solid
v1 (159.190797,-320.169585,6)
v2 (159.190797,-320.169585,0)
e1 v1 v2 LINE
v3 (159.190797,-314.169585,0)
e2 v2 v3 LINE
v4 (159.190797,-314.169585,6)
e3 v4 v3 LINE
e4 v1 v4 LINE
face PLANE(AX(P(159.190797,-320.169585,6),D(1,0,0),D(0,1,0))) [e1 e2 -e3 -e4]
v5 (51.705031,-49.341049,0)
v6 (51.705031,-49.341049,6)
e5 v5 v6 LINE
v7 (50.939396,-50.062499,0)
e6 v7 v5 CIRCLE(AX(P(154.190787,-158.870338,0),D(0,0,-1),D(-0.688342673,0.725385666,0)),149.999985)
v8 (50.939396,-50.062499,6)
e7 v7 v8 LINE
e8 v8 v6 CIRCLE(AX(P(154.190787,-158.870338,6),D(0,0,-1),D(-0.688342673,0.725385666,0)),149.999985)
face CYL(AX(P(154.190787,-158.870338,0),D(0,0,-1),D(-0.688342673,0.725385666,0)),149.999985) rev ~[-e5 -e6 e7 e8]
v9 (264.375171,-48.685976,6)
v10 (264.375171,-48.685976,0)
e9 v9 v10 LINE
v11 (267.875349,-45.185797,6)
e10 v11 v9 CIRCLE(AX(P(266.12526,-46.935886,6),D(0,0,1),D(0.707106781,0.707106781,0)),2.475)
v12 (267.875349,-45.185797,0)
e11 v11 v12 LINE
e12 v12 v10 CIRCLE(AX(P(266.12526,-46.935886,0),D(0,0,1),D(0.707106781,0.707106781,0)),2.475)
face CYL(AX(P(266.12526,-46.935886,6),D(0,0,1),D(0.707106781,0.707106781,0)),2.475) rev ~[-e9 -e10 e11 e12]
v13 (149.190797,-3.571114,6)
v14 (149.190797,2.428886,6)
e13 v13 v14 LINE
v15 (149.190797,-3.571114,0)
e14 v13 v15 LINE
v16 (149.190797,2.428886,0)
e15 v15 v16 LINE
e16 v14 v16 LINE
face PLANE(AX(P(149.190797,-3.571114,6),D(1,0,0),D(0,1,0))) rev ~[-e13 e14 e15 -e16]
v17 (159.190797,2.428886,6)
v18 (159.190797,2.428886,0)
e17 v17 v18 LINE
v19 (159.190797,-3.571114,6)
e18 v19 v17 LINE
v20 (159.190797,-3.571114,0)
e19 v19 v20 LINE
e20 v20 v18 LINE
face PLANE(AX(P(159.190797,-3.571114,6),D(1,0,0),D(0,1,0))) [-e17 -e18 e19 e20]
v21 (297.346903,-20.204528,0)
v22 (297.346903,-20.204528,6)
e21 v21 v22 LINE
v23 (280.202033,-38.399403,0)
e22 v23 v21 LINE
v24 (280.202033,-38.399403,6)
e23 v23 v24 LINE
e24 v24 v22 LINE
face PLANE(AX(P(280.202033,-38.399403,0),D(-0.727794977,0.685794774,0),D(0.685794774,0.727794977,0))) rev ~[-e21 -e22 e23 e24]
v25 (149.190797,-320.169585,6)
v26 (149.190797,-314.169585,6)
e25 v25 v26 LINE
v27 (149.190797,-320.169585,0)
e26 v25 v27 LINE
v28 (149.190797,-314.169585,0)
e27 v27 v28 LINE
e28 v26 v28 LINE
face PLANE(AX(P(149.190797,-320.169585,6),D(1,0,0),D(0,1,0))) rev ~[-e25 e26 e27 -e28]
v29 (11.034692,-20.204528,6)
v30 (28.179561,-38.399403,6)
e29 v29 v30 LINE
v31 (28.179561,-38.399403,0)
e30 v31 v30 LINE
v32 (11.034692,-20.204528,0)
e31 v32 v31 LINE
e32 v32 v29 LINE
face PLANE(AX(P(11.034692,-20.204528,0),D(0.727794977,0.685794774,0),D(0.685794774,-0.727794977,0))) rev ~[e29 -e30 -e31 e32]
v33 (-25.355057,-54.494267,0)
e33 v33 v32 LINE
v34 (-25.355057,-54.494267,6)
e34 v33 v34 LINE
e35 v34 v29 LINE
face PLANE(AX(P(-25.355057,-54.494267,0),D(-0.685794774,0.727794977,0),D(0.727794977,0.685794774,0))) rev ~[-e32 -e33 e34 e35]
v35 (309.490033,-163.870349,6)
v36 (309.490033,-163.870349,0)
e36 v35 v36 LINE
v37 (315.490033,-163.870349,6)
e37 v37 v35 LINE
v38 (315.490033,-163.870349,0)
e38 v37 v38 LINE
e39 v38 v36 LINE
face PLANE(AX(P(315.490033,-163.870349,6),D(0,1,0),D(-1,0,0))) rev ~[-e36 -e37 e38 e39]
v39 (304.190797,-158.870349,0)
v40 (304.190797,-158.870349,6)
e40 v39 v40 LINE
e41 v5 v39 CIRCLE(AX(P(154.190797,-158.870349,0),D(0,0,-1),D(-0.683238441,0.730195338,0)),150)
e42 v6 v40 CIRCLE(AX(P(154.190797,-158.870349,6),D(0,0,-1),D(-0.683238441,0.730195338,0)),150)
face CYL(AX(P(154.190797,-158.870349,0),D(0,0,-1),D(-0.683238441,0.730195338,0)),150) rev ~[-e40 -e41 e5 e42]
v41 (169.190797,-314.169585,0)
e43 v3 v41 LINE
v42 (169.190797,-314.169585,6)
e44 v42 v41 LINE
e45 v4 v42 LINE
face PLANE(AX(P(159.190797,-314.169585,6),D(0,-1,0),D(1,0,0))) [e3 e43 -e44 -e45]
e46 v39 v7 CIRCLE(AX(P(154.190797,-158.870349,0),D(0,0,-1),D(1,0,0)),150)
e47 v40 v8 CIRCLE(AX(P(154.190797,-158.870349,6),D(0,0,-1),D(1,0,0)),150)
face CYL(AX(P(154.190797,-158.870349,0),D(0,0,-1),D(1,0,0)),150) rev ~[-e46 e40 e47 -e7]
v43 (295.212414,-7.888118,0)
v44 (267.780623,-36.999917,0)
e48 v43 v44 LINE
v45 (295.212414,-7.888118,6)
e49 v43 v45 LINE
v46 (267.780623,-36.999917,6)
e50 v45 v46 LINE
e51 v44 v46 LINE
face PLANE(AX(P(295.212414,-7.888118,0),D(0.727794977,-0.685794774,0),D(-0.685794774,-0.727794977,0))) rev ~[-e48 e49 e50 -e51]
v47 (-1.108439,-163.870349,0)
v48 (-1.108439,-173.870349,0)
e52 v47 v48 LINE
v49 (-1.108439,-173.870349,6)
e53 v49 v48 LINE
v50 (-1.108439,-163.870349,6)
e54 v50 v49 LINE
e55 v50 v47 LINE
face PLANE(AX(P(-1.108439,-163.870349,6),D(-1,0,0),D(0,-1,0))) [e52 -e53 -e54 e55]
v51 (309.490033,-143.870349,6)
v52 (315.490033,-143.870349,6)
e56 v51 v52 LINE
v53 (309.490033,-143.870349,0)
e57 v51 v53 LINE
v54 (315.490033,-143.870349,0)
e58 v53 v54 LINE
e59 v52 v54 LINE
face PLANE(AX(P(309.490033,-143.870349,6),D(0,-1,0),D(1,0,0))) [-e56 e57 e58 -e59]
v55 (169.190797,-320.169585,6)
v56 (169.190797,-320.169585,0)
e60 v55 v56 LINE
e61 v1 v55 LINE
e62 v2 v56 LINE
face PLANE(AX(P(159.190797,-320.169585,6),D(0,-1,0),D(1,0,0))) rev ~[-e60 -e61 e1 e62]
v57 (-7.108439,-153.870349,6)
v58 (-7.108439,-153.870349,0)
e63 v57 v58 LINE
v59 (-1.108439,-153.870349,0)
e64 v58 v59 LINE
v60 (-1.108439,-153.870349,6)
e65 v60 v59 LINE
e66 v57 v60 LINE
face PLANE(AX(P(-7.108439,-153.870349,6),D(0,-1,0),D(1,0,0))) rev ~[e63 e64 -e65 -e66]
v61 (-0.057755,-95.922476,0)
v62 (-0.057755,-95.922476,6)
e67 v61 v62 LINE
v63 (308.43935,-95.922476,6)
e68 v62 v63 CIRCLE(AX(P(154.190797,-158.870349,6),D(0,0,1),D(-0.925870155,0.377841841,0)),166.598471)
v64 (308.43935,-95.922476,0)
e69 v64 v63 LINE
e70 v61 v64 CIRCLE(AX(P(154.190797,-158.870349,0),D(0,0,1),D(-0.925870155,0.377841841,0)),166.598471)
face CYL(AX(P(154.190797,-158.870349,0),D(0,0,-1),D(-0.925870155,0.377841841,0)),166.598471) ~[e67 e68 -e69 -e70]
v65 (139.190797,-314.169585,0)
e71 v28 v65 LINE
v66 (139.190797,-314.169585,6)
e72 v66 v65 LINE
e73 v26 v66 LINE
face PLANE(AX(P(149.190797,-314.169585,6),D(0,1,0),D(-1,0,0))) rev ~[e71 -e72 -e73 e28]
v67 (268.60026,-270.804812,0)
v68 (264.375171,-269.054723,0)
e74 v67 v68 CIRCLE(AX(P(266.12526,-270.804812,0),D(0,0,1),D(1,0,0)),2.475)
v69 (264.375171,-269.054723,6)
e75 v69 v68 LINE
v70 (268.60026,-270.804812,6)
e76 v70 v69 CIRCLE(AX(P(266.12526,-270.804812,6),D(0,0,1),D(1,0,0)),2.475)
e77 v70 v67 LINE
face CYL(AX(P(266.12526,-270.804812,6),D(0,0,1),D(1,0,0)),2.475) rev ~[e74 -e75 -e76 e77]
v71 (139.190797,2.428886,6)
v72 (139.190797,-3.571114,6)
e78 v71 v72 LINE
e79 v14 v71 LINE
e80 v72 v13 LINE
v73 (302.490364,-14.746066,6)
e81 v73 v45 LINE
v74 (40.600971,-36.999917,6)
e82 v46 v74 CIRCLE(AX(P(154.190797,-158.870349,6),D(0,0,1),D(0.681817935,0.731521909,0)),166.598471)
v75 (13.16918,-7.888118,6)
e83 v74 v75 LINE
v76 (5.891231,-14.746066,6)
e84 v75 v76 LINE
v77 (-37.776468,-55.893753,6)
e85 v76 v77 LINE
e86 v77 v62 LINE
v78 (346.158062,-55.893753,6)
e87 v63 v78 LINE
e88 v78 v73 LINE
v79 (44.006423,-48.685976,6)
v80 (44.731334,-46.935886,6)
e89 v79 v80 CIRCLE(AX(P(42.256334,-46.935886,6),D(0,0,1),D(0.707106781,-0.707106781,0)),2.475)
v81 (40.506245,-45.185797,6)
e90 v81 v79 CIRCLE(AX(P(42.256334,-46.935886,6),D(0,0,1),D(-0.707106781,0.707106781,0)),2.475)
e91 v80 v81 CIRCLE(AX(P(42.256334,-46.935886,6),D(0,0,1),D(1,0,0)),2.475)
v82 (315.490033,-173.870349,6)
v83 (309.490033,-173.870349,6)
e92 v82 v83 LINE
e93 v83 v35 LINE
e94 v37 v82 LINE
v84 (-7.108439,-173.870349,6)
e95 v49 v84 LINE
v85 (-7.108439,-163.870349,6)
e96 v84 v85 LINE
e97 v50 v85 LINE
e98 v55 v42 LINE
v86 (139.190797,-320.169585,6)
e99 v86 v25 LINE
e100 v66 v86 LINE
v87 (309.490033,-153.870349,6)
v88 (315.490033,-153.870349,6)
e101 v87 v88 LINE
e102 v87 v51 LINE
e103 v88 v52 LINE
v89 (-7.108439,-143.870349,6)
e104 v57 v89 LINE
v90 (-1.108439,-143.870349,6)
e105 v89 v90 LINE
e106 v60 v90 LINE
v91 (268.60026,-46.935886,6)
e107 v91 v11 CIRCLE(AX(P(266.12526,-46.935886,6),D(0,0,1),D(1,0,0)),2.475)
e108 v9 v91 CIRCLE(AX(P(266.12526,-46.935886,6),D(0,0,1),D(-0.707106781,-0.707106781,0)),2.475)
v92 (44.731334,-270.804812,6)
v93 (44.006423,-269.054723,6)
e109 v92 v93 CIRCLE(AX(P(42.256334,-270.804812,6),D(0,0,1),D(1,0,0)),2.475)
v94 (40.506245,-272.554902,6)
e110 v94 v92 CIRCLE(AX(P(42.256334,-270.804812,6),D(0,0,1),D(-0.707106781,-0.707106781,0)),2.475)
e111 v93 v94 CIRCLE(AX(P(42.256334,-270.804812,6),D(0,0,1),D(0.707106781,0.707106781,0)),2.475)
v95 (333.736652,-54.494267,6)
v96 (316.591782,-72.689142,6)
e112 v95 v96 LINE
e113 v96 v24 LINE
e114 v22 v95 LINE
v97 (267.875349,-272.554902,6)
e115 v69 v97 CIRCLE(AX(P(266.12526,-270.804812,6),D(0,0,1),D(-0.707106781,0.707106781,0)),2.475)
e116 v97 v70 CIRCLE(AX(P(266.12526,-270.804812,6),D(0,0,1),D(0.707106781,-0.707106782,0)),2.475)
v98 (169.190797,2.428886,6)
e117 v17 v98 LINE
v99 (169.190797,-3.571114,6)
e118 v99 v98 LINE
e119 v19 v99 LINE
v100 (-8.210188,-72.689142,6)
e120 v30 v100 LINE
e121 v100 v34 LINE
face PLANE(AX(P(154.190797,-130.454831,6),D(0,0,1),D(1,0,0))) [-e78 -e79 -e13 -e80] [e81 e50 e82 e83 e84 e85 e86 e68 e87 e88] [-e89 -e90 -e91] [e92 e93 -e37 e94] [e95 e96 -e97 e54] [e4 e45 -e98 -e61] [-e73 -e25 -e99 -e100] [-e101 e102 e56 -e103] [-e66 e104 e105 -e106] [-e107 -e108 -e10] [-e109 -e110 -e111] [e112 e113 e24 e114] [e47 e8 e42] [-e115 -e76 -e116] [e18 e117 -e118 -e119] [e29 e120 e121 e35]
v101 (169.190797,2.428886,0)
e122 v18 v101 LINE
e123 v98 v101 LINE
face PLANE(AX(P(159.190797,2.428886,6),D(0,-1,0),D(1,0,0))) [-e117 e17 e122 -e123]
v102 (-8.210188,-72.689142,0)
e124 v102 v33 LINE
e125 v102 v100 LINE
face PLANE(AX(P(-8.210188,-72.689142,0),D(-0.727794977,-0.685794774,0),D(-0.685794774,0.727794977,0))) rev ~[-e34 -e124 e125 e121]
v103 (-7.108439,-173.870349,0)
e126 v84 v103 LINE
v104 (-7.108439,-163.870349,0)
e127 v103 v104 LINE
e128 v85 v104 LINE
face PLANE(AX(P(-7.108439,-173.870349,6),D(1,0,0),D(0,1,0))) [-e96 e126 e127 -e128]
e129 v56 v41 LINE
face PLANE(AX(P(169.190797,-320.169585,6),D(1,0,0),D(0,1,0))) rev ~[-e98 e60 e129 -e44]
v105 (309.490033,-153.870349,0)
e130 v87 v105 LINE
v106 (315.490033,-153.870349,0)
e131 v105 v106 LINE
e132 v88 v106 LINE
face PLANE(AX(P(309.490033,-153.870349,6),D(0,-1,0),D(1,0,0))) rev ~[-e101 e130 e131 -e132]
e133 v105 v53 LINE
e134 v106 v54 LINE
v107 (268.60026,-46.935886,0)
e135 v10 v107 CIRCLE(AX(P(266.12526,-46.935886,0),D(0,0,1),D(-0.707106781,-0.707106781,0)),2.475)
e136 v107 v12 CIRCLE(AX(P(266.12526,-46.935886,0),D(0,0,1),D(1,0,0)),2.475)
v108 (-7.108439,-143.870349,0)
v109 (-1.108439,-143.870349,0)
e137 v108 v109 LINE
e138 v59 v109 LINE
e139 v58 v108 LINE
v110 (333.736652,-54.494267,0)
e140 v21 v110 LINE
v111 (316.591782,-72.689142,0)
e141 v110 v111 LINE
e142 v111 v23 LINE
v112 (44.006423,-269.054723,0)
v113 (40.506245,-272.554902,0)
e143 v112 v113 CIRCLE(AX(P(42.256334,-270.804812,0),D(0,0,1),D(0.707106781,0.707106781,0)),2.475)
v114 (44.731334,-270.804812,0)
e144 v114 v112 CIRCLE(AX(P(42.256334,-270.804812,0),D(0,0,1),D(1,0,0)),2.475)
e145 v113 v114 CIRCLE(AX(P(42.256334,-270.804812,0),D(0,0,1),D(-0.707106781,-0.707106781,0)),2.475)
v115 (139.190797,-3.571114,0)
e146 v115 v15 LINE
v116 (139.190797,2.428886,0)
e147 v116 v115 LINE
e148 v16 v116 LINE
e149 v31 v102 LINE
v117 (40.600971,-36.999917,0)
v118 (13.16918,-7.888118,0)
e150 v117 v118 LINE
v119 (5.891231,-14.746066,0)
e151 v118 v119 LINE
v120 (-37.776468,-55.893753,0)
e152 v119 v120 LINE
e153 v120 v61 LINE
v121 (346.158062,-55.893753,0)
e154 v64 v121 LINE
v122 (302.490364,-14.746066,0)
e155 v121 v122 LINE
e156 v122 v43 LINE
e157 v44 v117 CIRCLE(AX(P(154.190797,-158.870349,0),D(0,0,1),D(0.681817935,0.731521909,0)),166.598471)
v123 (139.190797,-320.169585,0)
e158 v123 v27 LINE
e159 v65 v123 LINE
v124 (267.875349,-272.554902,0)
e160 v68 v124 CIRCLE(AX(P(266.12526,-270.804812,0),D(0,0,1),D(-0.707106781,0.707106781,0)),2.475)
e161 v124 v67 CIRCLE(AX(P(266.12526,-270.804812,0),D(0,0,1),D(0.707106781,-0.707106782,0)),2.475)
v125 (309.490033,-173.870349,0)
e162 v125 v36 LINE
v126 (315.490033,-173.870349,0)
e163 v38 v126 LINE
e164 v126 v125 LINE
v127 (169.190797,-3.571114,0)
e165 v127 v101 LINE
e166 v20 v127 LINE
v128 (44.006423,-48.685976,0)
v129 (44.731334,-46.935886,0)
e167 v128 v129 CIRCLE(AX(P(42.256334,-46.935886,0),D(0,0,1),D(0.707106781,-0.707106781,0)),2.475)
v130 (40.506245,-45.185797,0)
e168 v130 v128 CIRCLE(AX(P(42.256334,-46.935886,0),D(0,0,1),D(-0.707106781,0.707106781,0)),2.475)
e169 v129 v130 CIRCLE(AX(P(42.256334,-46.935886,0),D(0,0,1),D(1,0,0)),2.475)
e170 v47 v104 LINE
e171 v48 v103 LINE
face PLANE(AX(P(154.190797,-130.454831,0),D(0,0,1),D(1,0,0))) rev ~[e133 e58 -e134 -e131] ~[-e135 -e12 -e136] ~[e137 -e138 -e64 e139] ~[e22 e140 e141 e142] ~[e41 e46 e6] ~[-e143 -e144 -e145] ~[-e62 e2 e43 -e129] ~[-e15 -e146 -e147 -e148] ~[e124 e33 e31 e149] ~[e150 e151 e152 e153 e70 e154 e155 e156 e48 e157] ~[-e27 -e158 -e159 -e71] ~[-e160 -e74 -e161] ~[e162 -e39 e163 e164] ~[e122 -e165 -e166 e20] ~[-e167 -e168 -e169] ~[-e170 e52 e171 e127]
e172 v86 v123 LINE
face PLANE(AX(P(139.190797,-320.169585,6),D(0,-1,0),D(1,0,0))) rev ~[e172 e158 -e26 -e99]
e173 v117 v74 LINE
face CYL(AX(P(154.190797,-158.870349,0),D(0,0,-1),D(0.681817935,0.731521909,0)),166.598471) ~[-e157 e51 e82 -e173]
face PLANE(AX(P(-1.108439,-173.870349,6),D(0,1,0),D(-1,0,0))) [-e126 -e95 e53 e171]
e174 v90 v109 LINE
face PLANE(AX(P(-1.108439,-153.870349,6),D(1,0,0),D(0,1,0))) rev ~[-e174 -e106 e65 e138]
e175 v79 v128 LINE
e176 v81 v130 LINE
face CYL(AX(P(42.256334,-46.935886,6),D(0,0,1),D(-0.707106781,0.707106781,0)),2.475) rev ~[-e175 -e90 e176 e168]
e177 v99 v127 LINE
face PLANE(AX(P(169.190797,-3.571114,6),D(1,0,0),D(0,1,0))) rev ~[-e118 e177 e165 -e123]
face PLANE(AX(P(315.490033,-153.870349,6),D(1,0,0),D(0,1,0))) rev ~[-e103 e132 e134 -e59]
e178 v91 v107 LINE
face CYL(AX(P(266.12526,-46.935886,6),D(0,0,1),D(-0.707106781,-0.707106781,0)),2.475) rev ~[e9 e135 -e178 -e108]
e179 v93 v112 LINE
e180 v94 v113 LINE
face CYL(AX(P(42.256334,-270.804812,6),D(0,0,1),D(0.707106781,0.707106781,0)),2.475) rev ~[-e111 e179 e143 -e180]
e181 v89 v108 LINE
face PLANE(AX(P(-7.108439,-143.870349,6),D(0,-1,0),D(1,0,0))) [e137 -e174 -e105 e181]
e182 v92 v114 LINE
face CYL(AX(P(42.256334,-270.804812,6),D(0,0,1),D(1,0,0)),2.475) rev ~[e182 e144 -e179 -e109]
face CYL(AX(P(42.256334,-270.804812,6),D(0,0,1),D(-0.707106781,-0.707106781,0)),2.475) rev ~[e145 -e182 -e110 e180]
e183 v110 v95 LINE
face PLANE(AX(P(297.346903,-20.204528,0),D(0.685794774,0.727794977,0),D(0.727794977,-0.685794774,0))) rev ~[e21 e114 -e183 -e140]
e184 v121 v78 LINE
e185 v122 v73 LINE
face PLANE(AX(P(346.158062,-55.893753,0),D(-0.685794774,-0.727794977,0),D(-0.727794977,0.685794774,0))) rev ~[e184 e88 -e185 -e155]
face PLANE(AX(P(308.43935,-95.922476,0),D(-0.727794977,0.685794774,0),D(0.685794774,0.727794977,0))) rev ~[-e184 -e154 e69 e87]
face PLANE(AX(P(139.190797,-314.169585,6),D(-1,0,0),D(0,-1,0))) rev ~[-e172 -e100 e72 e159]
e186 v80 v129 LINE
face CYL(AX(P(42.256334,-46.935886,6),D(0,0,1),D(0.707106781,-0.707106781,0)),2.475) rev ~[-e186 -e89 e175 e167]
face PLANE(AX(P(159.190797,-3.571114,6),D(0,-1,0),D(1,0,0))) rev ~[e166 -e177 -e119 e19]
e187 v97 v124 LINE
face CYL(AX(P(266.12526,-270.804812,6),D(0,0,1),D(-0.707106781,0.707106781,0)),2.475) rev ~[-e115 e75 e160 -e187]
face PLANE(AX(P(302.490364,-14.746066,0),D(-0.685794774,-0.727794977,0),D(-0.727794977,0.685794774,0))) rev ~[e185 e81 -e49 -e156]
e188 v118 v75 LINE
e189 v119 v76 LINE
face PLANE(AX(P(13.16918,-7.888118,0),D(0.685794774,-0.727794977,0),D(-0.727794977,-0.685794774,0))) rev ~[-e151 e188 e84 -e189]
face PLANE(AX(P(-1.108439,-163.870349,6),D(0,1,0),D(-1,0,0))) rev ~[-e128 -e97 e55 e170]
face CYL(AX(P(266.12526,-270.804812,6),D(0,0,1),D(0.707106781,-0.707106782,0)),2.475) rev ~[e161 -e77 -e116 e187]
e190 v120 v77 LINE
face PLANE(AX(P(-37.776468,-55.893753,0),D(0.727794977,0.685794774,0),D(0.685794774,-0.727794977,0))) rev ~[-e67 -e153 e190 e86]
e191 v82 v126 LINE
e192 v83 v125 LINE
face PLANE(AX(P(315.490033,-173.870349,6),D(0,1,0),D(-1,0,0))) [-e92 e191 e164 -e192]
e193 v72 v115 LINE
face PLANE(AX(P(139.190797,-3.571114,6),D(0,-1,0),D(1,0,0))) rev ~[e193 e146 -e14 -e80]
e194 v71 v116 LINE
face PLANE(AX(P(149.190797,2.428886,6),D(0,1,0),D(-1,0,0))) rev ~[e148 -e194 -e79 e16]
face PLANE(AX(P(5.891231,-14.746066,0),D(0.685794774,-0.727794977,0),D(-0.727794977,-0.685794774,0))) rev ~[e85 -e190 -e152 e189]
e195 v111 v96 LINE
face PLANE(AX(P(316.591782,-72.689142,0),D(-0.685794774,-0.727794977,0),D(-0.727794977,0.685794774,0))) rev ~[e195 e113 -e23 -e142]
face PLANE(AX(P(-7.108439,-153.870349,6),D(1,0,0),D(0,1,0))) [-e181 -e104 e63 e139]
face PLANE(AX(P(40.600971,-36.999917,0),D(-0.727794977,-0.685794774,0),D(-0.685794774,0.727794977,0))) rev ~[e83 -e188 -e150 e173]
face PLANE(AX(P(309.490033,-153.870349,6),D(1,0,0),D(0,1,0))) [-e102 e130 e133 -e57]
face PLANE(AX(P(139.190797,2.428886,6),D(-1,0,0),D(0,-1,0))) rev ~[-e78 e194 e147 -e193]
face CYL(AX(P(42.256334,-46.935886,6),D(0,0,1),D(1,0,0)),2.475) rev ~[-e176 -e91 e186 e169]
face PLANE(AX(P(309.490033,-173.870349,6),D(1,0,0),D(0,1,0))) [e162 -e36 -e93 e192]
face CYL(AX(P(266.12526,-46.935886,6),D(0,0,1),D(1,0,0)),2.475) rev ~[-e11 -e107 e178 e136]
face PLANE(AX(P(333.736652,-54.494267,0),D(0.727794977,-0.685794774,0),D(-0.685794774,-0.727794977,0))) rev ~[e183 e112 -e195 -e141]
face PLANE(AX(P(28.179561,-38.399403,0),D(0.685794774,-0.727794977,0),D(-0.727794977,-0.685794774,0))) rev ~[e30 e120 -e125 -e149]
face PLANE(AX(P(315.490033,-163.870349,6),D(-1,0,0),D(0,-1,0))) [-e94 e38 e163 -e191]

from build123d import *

# Parameters (mm, degrees)
SALIENTE_EXTRUIR1_DEPTH = 6
CROQUIS2_W              = 10
CROQUIS2_H              = 6
CROQUIS2_W_2            = 6
CROQUIS2_H_2            = 10
CORTAR_EXTRUIR1_DEPTH   = 10


with BuildPart() as part:
    # Croquis1 → Saliente-Extruir1 (new body)
    with BuildSketch(Plane.XY):
        with BuildLine():
            ThreePointArc((267.780622857, -36.999917491), (154.190797134, 7.728122029), (40.600971411, -36.999917491))
            Line((40.600971411, -36.999917491), (13.169180469, -7.88811841))
            Line((13.169180469, -7.88811841), (5.891230699, -14.746066146))
            Line((5.891230699, -14.746066146), (-37.776467922, -55.893752559))
            Line((-37.776467922, -55.893752559), (-0.057755376, -95.922476295))
            ThreePointArc((-0.057755376, -95.922476295), (154.190797134, -325.468820804), (308.439349644, -95.922476295))
            Line((308.439349644, -95.922476295), (346.15806219, -55.893752559))
            Line((346.15806219, -55.893752559), (302.490363569, -14.746066146))
            Line((302.490363569, -14.746066146), (295.212413799, -7.88811841))
            Line((295.212413799, -7.88811841), (267.780622857, -36.999917491))
        make_face()
        with BuildLine():
            ThreePointArc((50.939396199, -50.062499464), (51.321581101, -49.701102835), (51.705030941, -49.341048614))
            ThreePointArc((51.705030941, -49.341048614), (213.886421224, -21.26063874), (304.190797134, -158.870349387))
            ThreePointArc((304.190797134, -158.870349387), (94.978087942, -296.688545102), (50.939396199, -50.062499464))
        make_face(mode=Mode.SUBTRACT)
        Polygon((-25.35505735, -54.494267151), (11.034691501, -20.204528474), (28.17956084, -38.399402899), (-8.210188011, -72.689141577), align=None, mode=Mode.SUBTRACT)
        Polygon((316.591782279, -72.689141577), (280.202033428, -38.399402899), (297.346902767, -20.204528474), (333.736651618, -54.494267151), align=None, mode=Mode.SUBTRACT)
    extrude(amount=SALIENTE_EXTRUIR1_DEPTH)

    # Croquis2 → Cortar-Extruir1 (cut)
    with BuildSketch(Plane.XY.offset(6)):
        Polygon((139.190797134, -3.571113679), (149.190797134, -3.571113679), (149.190797134, -0.571113679), (149.190797134, 2.428886321), (139.190797134, 2.428886321), align=None)
        with Locations((164.190797134, -0.571113679)):
            Rectangle(CROQUIS2_W, CROQUIS2_H)
        with Locations((312.490032842, -148.870349387)):
            Rectangle(CROQUIS2_W_2, CROQUIS2_H_2)
        Polygon((312.490032842, -163.870349387), (315.490032842, -163.870349387), (315.490032842, -173.870349387), (309.490032842, -173.870349387), (309.490032842, -163.870349387), align=None)
        with Locations((164.190797134, -317.169585095)):
            Rectangle(CROQUIS2_W, CROQUIS2_H)
        Polygon((149.190797134, -317.169585095), (149.190797134, -314.169585095), (139.190797134, -314.169585095), (139.190797134, -320.169585095), (149.190797134, -320.169585095), align=None)
        with Locations((-4.108438574, -148.870349387)):
            Rectangle(CROQUIS2_W_2, CROQUIS2_H_2)
        Polygon((-7.108438574, -173.870349387), (-7.108438574, -163.870349387), (-4.108438574, -163.870349387), (-1.108438574, -163.870349387), (-1.108438574, -173.870349387), align=None)
        with BuildLine():
            ThreePointArc((40.506244825, -45.185797078), (40.506244825, -48.685975645), (44.006423391, -48.685975645))
            Line((44.006423391, -48.685975645), (40.506244825, -45.185797078))
        make_face()
        with BuildLine():
            Line((40.506244825, -45.185797078), (44.006423391, -48.685975645))
            ThreePointArc((44.006423391, -48.685975645), (44.542935951, -47.883027856), (44.731334108, -46.935886361))
            ThreePointArc((44.731334108, -46.935886361), (43.203475603, -44.649284518), (40.506244825, -45.185797078))
        make_face()
        with BuildLine():
            ThreePointArc((267.875349443, -45.185797078), (264.375170876, -45.185797078), (264.375170876, -48.685975645))
            Line((264.375170876, -48.685975645), (267.875349443, -45.185797078))
        make_face()
        with BuildLine():
            Line((267.875349443, -45.185797078), (264.375170876, -48.685975645))
            ThreePointArc((264.375170876, -48.685975645), (267.072401655, -49.222488204), (268.60026016, -46.935886361))
            ThreePointArc((268.60026016, -46.935886361), (268.411862003, -45.988744866), (267.875349443, -45.185797078))
        make_face()
        with BuildLine():
            ThreePointArc((268.60026016, -270.804812413), (267.072401655, -268.51821057), (264.375170876, -269.05472313))
            Line((264.375170876, -269.05472313), (267.875349443, -272.554901696))
            ThreePointArc((267.875349443, -272.554901696), (268.411862003, -271.751953908), (268.60026016, -270.804812413))
        make_face()
        with BuildLine():
            Line((267.875349443, -272.554901696), (264.375170876, -269.05472313))
            ThreePointArc((264.375170876, -269.05472313), (264.375170876, -272.554901696), (267.875349443, -272.554901696))
        make_face()
        with BuildLine():
            ThreePointArc((44.731334108, -270.804812413), (44.542935951, -269.857670918), (44.006423391, -269.05472313))
            Line((44.006423391, -269.05472313), (40.506244825, -272.554901696))
            ThreePointArc((40.506244825, -272.554901696), (43.203475603, -273.091414256), (44.731334108, -270.804812413))
        make_face()
        with BuildLine():
            Line((40.506244825, -272.554901696), (44.006423391, -269.05472313))
            ThreePointArc((44.006423391, -269.05472313), (40.506244825, -269.05472313), (40.506244825, -272.554901696))
        make_face()
    extrude(amount=-CORTAR_EXTRUIR1_DEPTH, mode=Mode.SUBTRACT)


solid = part.part
